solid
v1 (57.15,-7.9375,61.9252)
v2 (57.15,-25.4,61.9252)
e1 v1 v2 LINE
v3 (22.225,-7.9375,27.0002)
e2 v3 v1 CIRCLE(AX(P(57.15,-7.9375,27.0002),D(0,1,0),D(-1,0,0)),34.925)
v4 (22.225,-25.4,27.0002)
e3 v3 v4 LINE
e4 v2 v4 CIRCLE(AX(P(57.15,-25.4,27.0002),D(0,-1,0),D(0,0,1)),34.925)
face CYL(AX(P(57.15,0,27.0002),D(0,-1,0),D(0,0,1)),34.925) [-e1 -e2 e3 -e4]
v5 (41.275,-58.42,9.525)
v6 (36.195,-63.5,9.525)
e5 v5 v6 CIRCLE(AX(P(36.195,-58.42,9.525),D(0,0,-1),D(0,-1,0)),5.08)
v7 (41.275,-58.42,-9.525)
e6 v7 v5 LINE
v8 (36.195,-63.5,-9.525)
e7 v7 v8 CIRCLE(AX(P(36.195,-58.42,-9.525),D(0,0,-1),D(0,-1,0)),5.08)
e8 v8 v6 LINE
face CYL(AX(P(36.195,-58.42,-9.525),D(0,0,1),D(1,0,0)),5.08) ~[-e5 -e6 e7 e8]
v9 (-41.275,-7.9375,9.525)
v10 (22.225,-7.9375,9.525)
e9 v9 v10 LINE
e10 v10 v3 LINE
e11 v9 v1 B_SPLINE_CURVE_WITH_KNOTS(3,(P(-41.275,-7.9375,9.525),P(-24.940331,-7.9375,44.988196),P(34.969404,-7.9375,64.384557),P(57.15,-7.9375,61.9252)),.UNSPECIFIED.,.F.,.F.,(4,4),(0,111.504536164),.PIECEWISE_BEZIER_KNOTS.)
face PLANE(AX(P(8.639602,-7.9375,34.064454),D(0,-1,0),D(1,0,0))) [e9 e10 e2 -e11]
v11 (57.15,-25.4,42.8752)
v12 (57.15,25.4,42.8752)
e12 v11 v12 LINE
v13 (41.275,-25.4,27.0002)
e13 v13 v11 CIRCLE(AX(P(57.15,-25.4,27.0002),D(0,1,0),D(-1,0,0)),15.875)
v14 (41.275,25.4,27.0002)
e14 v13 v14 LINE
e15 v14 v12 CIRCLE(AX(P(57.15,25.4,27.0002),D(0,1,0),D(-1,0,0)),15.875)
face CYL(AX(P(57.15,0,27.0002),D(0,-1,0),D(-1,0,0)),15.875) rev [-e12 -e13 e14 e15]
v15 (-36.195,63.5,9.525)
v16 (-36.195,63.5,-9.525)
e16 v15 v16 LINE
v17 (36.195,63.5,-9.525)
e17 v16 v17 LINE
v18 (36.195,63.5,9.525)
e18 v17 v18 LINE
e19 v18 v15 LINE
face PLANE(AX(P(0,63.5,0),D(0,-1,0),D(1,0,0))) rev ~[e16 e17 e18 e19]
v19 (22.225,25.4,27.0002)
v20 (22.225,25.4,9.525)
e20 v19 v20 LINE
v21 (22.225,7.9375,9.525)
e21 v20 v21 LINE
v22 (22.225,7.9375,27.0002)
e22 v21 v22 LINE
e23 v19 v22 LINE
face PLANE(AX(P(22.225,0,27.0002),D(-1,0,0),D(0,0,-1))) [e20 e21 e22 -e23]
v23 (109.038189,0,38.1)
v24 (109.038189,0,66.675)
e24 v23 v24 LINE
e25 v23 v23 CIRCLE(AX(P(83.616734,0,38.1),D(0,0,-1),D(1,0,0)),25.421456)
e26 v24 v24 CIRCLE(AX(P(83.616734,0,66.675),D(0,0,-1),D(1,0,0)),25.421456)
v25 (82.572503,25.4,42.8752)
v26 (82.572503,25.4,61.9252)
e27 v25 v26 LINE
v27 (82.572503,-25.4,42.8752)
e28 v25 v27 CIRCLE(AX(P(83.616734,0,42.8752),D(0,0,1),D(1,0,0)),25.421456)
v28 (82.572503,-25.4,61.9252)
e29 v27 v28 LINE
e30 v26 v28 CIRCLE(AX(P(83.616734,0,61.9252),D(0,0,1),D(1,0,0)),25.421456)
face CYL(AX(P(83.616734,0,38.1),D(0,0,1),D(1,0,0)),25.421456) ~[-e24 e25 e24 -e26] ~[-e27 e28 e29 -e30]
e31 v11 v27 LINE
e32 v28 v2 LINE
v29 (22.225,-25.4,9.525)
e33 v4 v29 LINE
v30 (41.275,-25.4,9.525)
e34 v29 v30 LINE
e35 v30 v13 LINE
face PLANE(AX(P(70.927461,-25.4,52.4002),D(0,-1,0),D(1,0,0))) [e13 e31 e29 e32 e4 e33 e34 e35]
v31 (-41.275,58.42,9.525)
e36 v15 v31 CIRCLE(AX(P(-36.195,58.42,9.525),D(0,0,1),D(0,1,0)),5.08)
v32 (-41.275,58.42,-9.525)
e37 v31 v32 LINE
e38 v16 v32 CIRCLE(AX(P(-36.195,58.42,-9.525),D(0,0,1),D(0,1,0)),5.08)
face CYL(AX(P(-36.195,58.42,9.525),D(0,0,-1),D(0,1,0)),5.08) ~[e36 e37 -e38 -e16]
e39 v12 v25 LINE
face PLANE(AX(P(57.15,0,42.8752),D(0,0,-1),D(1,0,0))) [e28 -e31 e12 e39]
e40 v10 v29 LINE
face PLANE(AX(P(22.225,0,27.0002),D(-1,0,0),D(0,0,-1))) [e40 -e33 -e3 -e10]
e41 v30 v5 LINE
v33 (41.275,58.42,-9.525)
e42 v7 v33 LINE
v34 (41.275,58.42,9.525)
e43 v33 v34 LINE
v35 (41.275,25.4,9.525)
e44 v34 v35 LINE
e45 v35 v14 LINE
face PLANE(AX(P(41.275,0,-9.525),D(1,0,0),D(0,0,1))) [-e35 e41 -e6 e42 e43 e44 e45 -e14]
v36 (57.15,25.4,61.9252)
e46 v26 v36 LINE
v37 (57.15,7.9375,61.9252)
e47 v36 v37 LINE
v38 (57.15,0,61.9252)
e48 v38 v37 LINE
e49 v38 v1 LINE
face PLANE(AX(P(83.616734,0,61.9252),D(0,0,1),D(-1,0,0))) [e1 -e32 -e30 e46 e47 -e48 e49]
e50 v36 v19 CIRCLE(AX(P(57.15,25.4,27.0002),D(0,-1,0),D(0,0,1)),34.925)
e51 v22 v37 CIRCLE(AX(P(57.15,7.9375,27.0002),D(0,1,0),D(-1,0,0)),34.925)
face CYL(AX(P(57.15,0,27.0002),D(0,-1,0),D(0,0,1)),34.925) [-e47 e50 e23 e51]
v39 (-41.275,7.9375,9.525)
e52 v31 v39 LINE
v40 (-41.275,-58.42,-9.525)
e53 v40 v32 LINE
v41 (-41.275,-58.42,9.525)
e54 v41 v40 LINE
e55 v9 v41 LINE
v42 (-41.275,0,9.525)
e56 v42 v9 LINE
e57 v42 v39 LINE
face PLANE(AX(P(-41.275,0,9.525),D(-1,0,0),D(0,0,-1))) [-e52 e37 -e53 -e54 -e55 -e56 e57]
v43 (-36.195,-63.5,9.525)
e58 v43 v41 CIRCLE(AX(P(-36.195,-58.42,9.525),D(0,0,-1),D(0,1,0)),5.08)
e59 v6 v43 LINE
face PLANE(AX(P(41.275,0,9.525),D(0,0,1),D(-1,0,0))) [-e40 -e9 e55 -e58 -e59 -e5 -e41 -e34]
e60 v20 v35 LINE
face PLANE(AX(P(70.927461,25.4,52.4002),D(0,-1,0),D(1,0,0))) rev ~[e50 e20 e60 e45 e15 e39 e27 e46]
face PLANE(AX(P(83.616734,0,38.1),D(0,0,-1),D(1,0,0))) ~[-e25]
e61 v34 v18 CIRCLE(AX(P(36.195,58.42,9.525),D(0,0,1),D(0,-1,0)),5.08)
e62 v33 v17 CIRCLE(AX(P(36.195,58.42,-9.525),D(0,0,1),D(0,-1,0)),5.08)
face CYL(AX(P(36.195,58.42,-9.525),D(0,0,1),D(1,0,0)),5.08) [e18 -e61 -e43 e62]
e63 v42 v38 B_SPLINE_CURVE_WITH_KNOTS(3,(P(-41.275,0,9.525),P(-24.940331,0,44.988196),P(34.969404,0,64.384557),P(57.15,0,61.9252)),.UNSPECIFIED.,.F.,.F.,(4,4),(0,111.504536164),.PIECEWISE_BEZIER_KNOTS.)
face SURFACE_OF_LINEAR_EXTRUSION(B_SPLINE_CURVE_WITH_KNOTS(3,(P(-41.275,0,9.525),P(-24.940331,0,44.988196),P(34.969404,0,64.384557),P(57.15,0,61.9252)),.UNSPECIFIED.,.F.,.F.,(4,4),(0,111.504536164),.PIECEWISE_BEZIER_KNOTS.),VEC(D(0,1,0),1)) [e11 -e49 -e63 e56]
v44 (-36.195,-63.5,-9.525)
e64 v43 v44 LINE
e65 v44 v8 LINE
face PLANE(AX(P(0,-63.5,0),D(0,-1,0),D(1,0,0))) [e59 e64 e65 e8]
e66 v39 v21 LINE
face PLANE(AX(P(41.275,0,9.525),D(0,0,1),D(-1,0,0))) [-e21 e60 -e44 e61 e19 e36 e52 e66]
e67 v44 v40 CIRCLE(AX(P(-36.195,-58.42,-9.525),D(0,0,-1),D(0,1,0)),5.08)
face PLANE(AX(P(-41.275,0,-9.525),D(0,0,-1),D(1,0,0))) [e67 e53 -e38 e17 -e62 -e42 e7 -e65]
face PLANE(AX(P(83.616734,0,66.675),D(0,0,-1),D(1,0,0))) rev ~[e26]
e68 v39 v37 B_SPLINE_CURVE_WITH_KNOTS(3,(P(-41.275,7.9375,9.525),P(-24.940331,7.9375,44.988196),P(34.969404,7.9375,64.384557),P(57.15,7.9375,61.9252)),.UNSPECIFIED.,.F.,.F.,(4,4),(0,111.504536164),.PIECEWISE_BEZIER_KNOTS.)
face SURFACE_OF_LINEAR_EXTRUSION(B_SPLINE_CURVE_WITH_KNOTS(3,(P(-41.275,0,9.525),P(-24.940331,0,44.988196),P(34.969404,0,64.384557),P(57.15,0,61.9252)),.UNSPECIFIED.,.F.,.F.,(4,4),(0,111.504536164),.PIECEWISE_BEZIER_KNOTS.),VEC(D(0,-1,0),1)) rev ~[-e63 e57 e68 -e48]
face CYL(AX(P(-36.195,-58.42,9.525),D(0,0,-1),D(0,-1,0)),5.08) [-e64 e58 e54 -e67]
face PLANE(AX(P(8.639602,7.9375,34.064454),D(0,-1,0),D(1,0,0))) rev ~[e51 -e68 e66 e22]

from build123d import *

# Parameters (mm, degrees)
F1_DEPTH = 63.5
F0_W     = 25.3785441501
F0_H     = 19.05
F2_DEPTH = 25.4
F3_DEPTH = 7.9375
F5_R     = 5.08


with BuildPart() as f1:
    # F0 (on Front) → F1 (new body, symmetric)
    with BuildSketch(Plane.XZ):
        Polygon((41.275, -9.525), (41.275, 9.525), (22.225, 9.525), (-41.275, 9.525), (-41.275, -9.525), align=None)
    extrude(amount=F1_DEPTH, both=True)

    # F0 (on Front) → F2 (join, symmetric)
    with BuildSketch(Plane.XZ):
        with Locations((70.927461476, 52.4002)):
            Rectangle(F0_W, F0_H)
        with BuildLine():
            Line((22.225, 9.525), (41.275, 9.525))
            Line((41.275, 9.525), (41.275, 27.0002))
            ThreePointArc((41.275, 27.0002), (45.9246798487, 38.2255201513), (57.15, 42.8752))
            Line((57.15, 42.8752), (58.2381894009, 42.8752))
            Line((58.2381894009, 42.8752), (58.2381894009, 61.9252))
            Line((58.2381894009, 61.9252), (57.15, 61.9252))
            ThreePointArc((57.15, 61.9252), (32.4542956671, 51.6959043329), (22.225, 27.0002))
            Line((22.225, 27.0002), (22.225, 9.525))
        make_face()
    extrude(amount=F2_DEPTH, both=True)

    # F0 (on Front) → F3 (join, symmetric)
    with BuildSketch(Plane.XZ):
        with BuildLine():
            Line((-41.275, 9.525), (22.225, 9.525))
            Line((22.225, 9.525), (22.225, 27.0002))
            ThreePointArc((22.225, 27.0002), (32.4542956671, 51.6959043329), (57.15, 61.9252))
            add(Edge.make_bspline(
                [(-41.275, 9.525), (-24.9403305352, 44.9881963432), (34.9694043398, 64.3845573068), (57.15, 61.9252)],
                knots=[0, 0, 0, 0, 111.5045361635, 111.5045361635, 111.5045361635, 111.5045361635], degree=3))
        make_face()
    extrude(amount=F3_DEPTH, both=True)

    # F0 (on Front) → F4 (revolve)
    with BuildSketch(Plane.XZ):
        Polygon((83.616733551, 61.9252), (83.616733551, 42.8752), (83.616733551, 38.1), (109.0381894009, 38.1), (109.0381894009, 66.675), (83.616733551, 66.675), align=None)
    revolve(axis=Axis((83.616733551, 0, 52.3875), (0, 0, -1)))

    # F5
    f5_edges = [f1.edges().sort_by_distance(p)[0] for p in [
        (-41.275, -63.5, 0),
        (-41.275, 63.5, 0),
        (41.275, 63.5, 0),
        (41.275, -63.5, 0),
    ]]
    fillet(f5_edges, radius=F5_R)


solid = f1.part
